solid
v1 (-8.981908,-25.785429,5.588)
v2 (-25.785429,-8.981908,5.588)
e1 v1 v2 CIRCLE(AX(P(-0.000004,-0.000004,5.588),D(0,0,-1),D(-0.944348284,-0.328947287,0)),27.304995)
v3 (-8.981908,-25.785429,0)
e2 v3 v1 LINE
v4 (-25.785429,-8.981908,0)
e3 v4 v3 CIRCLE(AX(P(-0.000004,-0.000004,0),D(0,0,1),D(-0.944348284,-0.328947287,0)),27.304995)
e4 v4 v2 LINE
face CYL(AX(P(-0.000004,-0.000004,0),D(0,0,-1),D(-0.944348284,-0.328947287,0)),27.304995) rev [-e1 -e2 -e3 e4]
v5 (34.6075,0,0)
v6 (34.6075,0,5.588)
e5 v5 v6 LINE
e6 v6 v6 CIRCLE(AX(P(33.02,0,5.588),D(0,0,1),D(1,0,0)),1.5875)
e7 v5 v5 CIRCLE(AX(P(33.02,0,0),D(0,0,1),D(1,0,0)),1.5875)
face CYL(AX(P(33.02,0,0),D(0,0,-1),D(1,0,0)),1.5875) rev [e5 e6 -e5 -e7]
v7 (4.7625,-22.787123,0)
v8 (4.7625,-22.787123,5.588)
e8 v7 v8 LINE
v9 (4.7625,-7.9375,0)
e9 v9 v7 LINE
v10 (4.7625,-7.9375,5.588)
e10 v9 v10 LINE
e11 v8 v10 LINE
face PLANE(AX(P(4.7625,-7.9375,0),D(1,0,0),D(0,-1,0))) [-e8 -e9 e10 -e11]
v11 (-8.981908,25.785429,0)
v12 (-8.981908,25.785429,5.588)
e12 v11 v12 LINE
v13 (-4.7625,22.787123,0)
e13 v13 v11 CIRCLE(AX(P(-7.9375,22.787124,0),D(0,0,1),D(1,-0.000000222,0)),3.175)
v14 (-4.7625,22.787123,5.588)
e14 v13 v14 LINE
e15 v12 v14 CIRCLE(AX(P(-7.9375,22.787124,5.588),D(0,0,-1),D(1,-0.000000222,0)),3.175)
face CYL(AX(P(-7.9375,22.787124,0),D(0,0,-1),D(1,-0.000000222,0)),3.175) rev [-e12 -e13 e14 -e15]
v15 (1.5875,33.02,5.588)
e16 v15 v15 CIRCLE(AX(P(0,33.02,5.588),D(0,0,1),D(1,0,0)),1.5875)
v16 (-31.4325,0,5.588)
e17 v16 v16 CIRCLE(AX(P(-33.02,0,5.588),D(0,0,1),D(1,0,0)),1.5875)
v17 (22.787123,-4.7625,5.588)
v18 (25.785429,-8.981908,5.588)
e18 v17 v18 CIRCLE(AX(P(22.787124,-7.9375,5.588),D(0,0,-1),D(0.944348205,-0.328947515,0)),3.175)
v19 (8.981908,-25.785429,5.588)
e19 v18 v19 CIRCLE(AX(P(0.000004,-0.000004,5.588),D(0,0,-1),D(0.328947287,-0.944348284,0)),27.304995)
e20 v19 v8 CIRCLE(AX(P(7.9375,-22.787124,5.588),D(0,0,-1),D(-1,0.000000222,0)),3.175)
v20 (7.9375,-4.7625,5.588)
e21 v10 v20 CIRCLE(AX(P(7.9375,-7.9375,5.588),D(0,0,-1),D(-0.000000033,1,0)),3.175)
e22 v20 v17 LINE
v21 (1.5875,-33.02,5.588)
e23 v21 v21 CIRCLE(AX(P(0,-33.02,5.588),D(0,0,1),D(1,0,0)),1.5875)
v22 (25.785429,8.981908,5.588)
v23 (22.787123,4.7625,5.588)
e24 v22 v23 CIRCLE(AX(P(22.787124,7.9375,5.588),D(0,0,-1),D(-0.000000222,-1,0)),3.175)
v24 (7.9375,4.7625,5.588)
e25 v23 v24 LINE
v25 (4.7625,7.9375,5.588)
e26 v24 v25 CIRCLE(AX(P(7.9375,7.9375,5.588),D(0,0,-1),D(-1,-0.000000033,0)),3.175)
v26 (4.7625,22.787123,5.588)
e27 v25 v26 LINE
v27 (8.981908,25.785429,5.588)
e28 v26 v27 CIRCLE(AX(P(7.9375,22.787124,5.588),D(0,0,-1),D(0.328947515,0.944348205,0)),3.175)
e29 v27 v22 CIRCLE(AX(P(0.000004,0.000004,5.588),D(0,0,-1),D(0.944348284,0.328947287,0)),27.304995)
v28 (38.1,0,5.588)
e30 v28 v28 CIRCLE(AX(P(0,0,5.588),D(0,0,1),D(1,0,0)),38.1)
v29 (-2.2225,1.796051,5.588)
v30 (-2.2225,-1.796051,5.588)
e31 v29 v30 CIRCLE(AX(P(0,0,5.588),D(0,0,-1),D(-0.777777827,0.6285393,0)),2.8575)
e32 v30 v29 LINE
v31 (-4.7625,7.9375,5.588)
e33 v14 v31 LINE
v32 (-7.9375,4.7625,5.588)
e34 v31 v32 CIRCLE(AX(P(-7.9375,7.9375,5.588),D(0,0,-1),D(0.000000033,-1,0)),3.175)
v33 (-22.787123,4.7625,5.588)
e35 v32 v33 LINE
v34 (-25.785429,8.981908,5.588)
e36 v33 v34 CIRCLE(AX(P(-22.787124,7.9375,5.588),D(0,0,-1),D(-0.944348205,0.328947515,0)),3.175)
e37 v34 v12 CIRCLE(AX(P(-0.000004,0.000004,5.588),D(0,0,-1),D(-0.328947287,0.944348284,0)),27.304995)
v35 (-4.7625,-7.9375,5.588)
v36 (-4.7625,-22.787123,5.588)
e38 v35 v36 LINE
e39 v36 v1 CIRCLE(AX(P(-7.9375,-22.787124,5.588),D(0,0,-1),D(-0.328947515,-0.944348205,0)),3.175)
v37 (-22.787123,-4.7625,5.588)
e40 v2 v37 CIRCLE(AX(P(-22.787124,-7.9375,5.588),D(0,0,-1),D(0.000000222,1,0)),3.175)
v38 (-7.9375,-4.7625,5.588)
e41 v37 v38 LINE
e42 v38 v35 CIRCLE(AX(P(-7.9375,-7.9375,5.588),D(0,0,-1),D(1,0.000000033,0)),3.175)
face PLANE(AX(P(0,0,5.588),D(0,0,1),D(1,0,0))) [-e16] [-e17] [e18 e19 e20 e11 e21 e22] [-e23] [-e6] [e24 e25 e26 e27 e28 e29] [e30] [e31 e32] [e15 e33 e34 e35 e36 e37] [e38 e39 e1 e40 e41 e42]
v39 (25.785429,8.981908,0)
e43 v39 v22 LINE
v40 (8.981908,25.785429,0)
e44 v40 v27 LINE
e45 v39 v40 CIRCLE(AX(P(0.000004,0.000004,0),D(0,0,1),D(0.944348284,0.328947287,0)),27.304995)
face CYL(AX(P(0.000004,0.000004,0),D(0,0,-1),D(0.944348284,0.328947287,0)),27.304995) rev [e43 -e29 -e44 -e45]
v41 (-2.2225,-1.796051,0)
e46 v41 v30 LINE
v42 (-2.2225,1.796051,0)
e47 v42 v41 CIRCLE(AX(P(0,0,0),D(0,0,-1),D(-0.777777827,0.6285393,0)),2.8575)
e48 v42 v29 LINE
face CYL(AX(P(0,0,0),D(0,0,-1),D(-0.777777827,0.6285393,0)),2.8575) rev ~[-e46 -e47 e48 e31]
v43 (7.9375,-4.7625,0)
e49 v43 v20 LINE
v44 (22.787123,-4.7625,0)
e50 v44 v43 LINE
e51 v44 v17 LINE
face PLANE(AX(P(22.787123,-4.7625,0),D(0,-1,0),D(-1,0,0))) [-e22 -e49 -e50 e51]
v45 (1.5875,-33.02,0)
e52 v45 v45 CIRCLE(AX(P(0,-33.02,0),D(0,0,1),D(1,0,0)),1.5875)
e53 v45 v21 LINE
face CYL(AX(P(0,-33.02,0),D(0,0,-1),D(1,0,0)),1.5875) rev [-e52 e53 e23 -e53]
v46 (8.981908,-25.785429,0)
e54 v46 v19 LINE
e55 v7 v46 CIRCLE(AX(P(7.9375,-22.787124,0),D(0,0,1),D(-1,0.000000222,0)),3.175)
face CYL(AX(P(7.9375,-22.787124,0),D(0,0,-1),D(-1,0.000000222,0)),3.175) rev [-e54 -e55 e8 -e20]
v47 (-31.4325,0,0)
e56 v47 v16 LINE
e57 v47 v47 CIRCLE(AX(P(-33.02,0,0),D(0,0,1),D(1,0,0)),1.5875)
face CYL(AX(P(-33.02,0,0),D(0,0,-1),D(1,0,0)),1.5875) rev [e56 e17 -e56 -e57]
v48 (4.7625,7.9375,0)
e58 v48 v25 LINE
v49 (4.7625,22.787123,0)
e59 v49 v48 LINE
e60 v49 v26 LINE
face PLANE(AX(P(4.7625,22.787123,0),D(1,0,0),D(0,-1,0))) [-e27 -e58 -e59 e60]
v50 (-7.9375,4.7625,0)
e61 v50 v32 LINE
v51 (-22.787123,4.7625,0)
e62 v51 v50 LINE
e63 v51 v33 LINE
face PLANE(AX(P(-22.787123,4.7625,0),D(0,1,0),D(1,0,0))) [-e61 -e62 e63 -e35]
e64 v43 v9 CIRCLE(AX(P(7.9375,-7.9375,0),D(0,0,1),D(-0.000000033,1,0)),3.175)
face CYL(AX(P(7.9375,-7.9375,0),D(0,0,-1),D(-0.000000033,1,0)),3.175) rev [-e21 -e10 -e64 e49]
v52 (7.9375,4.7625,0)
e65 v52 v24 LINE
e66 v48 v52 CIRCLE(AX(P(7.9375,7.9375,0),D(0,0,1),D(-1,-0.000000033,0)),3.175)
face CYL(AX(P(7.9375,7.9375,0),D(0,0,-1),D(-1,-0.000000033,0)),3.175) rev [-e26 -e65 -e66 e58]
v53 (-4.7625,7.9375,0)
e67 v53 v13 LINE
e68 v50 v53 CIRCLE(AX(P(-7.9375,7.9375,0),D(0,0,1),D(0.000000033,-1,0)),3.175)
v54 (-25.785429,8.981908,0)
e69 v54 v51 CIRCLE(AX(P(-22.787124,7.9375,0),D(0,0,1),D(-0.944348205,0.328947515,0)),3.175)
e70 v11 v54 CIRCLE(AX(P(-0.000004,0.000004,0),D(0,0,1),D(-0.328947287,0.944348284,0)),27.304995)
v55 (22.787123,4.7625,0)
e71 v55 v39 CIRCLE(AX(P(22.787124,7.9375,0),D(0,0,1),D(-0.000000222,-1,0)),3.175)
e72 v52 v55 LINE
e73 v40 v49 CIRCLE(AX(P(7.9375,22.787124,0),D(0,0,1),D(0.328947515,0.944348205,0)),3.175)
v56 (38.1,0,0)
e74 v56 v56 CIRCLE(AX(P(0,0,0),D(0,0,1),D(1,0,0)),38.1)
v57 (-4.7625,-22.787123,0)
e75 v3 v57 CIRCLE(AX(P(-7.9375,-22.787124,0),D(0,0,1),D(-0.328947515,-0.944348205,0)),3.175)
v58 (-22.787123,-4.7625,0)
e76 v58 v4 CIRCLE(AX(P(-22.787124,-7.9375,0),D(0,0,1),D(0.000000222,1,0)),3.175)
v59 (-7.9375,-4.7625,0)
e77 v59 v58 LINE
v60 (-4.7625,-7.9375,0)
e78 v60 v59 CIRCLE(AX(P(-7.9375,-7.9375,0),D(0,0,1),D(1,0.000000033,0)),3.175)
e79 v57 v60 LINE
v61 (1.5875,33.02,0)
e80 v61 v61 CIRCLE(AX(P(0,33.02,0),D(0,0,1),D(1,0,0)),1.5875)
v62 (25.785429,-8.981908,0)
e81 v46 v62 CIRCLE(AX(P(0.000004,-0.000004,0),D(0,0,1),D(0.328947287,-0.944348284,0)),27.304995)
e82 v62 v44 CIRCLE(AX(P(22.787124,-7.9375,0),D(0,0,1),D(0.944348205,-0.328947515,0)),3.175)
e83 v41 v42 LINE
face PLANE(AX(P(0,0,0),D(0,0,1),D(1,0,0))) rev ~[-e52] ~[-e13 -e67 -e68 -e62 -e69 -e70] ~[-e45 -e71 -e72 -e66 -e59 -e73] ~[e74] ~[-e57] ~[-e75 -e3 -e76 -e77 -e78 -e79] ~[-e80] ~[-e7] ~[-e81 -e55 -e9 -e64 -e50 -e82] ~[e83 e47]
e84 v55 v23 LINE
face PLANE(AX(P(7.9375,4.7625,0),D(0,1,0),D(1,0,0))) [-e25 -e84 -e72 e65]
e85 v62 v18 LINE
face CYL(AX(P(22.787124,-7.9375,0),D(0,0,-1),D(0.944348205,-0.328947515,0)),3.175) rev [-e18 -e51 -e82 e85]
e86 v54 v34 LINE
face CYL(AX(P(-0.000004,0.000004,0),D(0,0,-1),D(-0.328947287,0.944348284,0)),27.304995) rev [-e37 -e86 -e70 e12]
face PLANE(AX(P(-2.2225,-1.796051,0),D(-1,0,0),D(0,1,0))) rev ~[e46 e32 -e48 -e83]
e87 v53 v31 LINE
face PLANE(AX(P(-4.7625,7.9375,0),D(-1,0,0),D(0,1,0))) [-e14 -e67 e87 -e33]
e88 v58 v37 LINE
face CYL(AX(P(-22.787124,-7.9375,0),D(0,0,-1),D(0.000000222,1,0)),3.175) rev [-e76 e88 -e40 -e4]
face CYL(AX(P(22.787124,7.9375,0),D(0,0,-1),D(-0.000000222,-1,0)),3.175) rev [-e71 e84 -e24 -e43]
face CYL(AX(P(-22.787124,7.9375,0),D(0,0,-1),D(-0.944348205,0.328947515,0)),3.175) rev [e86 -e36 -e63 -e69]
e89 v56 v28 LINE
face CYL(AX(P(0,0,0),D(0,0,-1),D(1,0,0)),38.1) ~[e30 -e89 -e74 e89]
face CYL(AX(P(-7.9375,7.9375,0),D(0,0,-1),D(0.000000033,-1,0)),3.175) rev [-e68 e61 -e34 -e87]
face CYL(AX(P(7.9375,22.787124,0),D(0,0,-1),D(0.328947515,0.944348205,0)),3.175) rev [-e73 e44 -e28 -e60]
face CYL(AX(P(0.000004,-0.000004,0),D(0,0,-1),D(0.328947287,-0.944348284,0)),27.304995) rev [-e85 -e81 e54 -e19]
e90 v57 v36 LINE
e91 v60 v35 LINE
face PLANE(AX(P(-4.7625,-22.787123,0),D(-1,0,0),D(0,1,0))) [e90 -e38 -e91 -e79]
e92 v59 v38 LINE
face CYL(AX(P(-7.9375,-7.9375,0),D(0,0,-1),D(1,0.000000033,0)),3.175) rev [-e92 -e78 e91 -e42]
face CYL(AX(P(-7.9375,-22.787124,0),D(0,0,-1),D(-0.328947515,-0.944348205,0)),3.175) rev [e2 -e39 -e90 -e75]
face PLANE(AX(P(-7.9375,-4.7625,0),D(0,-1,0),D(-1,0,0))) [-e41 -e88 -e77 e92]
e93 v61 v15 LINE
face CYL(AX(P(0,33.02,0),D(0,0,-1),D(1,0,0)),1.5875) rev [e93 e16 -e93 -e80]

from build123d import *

# Parameters (mm, degrees)
F0_R     = 38.1
F0_R_2   = 1.5875
F1_DEPTH = 5.588
F3_DEPTH = 5.589


with BuildPart() as f1:
    # F0 (on Top) → F1 (new body)
    with BuildSketch(Plane.XY):
        Circle(F0_R)
        with Locations((0, -33.02)):
            Circle(F0_R_2, mode=Mode.SUBTRACT)
        with Locations((-33.02, 0)):
            Circle(F0_R_2, mode=Mode.SUBTRACT)
        with BuildLine():
            ThreePointArc((-2.2225, 1.796051), (2.8575, 0), (-2.2225, -1.796051))
            Line((-2.2225, -1.796051), (-2.2225, 1.796051))
        make_face(mode=Mode.SUBTRACT)
        with Locations((33.02, 0)):
            Circle(F0_R_2, mode=Mode.SUBTRACT)
        with Locations((0, 33.02)):
            Circle(F0_R_2, mode=Mode.SUBTRACT)
    extrude(amount=F1_DEPTH)

    # F2 (on Top) → F3 (cut, through all)
    with BuildSketch(Plane.XY):
        with BuildLine():
            ThreePointArc((4.7625, 7.9375), (5.692436, 5.692436), (7.9375, 4.7625))
            Line((7.9375, 4.7625), (22.787123, 4.7625))
            ThreePointArc((22.787123, 4.7625), (25.375233, 6.098393), (25.785429, 8.981908))
            ThreePointArc((25.785429, 8.981908), (19.307551, 19.307551), (8.981908, 25.785429))
            ThreePointArc((8.981908, 25.785429), (6.098393, 25.375233), (4.7625, 22.787123))
            Line((4.7625, 22.787123), (4.7625, 7.9375))
        make_face()
        with BuildLine():
            ThreePointArc((-4.7625, 22.787123), (-6.098393, 25.375233), (-8.981908, 25.785429))
            ThreePointArc((-8.981908, 25.785429), (-19.307551, 19.307551), (-25.785429, 8.981908))
            ThreePointArc((-25.785429, 8.981908), (-25.375233, 6.098393), (-22.787123, 4.7625))
            Line((-22.787123, 4.7625), (-7.9375, 4.7625))
            ThreePointArc((-7.9375, 4.7625), (-5.692436, 5.692436), (-4.7625, 7.9375))
            Line((-4.7625, 7.9375), (-4.7625, 22.787123))
        make_face()
        with BuildLine():
            ThreePointArc((-8.981908, -25.785429), (-6.098393, -25.375233), (-4.7625, -22.787123))
            Line((-4.7625, -22.787123), (-4.7625, -7.9375))
            ThreePointArc((-4.7625, -7.9375), (-5.692436, -5.692436), (-7.9375, -4.7625))
            Line((-7.9375, -4.7625), (-22.787123, -4.7625))
            ThreePointArc((-22.787123, -4.7625), (-25.375233, -6.098393), (-25.785429, -8.981908))
            ThreePointArc((-25.785429, -8.981908), (-19.307551, -19.307551), (-8.981908, -25.785429))
        make_face()
        with BuildLine():
            ThreePointArc((25.785429, -8.981908), (25.375233, -6.098393), (22.787123, -4.7625))
            Line((22.787123, -4.7625), (7.9375, -4.7625))
            ThreePointArc((7.9375, -4.7625), (5.692436, -5.692436), (4.7625, -7.9375))
            Line((4.7625, -7.9375), (4.7625, -22.787123))
            ThreePointArc((4.7625, -22.787123), (6.098393, -25.375233), (8.981908, -25.785429))
            ThreePointArc((8.981908, -25.785429), (19.307551, -19.307551), (25.785429, -8.981908))
        make_face()
    extrude(amount=F3_DEPTH, mode=Mode.SUBTRACT)


solid = f1.part
